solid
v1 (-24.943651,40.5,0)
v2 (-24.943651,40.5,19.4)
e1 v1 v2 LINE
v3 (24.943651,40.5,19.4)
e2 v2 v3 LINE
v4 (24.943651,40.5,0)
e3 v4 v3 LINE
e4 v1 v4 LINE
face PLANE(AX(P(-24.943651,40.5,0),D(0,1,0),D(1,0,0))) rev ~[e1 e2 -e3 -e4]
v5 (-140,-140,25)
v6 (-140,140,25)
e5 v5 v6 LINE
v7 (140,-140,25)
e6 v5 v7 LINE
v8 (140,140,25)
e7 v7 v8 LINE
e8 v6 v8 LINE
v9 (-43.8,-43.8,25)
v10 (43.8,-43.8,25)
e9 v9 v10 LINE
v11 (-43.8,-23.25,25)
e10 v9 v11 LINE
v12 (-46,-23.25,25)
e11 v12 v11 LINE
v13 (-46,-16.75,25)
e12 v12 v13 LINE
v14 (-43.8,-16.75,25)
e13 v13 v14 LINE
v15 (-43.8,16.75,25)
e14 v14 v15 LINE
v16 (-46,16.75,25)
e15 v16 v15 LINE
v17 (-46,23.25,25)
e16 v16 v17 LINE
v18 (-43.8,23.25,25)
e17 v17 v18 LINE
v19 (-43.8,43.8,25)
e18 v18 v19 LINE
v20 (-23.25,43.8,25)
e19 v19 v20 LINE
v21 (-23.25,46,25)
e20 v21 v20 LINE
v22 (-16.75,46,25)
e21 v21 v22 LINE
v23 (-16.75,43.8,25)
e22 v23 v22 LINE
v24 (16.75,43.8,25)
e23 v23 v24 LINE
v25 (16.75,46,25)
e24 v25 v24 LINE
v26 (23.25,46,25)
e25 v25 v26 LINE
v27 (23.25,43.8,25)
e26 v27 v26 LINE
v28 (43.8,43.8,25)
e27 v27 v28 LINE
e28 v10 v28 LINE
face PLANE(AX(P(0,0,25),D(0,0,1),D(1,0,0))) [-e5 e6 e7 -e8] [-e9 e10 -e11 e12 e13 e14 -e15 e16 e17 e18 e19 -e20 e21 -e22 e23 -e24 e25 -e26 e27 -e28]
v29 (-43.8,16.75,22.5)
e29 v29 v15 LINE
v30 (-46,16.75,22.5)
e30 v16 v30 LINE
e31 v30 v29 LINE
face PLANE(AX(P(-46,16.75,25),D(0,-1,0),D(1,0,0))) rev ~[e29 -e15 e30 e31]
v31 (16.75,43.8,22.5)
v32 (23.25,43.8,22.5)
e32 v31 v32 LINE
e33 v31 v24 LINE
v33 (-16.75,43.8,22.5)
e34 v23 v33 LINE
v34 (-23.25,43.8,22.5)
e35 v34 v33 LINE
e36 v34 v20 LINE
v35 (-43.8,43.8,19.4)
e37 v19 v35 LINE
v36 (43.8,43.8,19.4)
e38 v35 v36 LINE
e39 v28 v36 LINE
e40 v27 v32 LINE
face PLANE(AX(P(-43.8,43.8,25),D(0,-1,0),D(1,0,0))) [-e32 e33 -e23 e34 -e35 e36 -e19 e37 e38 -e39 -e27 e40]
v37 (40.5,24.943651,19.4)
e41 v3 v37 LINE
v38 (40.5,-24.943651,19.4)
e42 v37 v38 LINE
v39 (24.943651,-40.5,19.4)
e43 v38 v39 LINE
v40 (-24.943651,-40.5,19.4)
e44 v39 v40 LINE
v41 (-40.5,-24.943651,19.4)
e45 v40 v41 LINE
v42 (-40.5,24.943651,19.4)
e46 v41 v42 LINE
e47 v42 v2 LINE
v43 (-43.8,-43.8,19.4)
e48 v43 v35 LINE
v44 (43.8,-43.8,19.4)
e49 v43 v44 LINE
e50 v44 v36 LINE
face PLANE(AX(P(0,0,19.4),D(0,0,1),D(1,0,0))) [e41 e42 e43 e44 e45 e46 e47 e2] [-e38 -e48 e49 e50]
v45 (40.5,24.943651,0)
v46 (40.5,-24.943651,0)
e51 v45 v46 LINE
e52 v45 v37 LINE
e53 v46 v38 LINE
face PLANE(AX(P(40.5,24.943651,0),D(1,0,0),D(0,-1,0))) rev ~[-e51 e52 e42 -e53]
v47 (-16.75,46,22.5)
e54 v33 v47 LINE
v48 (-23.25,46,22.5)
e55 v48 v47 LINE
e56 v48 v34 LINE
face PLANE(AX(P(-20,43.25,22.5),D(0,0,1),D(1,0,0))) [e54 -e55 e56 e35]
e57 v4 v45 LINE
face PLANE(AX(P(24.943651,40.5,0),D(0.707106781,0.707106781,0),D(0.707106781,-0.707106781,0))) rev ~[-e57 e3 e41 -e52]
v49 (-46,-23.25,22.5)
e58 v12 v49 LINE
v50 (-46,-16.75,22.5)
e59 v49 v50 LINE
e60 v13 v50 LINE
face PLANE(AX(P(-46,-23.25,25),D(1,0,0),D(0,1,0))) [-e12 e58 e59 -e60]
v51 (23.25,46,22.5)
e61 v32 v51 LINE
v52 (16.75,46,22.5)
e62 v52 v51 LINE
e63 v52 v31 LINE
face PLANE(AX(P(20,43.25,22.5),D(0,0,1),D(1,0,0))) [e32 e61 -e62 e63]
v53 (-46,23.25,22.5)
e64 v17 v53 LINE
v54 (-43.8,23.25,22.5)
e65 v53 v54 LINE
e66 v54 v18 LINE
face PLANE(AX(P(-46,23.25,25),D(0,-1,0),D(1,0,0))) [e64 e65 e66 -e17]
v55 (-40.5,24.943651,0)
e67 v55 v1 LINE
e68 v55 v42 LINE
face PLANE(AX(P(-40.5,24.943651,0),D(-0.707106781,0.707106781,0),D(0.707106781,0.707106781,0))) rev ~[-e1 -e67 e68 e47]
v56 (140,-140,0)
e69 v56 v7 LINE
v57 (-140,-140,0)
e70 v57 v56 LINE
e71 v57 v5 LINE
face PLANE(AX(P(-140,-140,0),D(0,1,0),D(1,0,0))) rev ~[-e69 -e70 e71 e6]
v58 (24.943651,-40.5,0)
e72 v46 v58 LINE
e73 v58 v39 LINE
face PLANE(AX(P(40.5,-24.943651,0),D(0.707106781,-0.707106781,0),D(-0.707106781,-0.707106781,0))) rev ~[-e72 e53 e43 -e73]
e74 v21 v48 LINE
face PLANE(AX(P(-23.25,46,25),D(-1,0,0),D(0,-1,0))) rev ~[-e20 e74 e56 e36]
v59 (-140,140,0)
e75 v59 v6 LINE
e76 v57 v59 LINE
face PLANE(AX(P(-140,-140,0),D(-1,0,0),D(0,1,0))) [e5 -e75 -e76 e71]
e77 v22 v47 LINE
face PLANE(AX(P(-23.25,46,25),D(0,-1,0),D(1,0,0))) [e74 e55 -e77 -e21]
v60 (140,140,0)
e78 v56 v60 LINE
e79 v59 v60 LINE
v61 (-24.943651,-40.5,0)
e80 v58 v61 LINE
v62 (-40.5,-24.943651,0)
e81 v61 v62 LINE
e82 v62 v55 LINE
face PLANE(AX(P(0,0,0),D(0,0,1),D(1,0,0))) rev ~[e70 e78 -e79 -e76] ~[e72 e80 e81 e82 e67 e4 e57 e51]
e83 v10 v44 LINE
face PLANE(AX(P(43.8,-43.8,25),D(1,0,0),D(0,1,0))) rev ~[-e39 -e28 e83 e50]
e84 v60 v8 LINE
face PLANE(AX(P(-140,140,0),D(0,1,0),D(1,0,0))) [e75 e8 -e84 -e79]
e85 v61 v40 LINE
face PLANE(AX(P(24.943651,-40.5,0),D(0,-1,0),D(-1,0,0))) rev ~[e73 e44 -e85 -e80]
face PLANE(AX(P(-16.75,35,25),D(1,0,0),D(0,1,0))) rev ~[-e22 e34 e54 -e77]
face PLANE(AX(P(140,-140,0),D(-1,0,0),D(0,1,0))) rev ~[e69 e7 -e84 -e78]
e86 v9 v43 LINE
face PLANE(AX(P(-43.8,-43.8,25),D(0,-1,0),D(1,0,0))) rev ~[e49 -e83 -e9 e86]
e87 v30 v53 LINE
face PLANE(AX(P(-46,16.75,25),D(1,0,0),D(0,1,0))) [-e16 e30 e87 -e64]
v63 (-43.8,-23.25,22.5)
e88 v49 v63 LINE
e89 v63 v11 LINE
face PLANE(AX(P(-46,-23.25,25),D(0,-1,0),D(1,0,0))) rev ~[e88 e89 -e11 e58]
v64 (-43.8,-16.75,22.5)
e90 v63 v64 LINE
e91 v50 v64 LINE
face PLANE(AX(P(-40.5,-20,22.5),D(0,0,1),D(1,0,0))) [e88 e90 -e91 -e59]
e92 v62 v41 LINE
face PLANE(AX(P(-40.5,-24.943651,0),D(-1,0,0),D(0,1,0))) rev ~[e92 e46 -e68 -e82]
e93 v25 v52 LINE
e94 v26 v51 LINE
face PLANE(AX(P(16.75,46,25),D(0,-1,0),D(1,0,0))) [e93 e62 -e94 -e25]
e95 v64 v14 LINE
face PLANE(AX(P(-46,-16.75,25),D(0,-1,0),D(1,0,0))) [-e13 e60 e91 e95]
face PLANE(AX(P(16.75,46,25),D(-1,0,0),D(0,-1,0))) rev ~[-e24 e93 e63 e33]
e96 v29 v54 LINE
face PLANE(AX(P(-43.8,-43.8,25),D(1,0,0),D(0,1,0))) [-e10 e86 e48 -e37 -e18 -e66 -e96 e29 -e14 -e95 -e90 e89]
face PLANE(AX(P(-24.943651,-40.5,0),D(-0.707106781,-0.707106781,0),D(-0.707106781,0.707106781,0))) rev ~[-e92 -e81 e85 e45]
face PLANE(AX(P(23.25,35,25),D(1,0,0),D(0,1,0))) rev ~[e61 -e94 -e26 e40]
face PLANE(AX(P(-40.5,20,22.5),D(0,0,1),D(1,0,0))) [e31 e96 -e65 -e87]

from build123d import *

# Parameters (mm, degrees)
F0_W     = 280
F0_H     = 280
F1_DEPTH = 25
F2_W     = 6.5
F2_H     = 5.5
F2_W_2   = 11
F2_H_2   = 6.5
F3_DEPTH = 2.5
F4_W     = 87.6
F4_H     = 87.6
F5_DEPTH = 5.6


with BuildPart() as f1:
    # F0 (on Top) → F1 (new body)
    with BuildSketch(Plane.XY):
        Rectangle(F0_W, F0_H)
        Polygon((-40.5, 24.943651), (-24.943651, 40.5), (24.943651, 40.5), (40.5, 24.943651), (40.5, -24.943651), (24.943651, -40.5), (-24.943651, -40.5), (-40.5, -24.943651), align=None, mode=Mode.SUBTRACT)
    extrude(amount=F1_DEPTH)

    # F2 (on face) → F3 (cut)
    with BuildSketch(Plane.XY.offset(25)):
        with Locations((-20, 43.25)):
            Rectangle(F2_W, F2_H)
        with Locations((-20, 37.75)):
            Rectangle(F2_W, F2_H)
        with Locations((20, 43.25)):
            Rectangle(F2_W, F2_H)
        with Locations((20, 37.75)):
            Rectangle(F2_W, F2_H)
        with Locations((-40.5, 20)):
            Rectangle(F2_W_2, F2_H_2)
        with Locations((-40.5, -20)):
            Rectangle(F2_W_2, F2_H_2)
    extrude(amount=-F3_DEPTH, mode=Mode.SUBTRACT)

    # F4 (on face) → F5 (cut)
    with BuildSketch(Plane.XY.offset(25)):
        Rectangle(F4_W, F4_H)
    extrude(amount=-F5_DEPTH, mode=Mode.SUBTRACT)


solid = f1.part
